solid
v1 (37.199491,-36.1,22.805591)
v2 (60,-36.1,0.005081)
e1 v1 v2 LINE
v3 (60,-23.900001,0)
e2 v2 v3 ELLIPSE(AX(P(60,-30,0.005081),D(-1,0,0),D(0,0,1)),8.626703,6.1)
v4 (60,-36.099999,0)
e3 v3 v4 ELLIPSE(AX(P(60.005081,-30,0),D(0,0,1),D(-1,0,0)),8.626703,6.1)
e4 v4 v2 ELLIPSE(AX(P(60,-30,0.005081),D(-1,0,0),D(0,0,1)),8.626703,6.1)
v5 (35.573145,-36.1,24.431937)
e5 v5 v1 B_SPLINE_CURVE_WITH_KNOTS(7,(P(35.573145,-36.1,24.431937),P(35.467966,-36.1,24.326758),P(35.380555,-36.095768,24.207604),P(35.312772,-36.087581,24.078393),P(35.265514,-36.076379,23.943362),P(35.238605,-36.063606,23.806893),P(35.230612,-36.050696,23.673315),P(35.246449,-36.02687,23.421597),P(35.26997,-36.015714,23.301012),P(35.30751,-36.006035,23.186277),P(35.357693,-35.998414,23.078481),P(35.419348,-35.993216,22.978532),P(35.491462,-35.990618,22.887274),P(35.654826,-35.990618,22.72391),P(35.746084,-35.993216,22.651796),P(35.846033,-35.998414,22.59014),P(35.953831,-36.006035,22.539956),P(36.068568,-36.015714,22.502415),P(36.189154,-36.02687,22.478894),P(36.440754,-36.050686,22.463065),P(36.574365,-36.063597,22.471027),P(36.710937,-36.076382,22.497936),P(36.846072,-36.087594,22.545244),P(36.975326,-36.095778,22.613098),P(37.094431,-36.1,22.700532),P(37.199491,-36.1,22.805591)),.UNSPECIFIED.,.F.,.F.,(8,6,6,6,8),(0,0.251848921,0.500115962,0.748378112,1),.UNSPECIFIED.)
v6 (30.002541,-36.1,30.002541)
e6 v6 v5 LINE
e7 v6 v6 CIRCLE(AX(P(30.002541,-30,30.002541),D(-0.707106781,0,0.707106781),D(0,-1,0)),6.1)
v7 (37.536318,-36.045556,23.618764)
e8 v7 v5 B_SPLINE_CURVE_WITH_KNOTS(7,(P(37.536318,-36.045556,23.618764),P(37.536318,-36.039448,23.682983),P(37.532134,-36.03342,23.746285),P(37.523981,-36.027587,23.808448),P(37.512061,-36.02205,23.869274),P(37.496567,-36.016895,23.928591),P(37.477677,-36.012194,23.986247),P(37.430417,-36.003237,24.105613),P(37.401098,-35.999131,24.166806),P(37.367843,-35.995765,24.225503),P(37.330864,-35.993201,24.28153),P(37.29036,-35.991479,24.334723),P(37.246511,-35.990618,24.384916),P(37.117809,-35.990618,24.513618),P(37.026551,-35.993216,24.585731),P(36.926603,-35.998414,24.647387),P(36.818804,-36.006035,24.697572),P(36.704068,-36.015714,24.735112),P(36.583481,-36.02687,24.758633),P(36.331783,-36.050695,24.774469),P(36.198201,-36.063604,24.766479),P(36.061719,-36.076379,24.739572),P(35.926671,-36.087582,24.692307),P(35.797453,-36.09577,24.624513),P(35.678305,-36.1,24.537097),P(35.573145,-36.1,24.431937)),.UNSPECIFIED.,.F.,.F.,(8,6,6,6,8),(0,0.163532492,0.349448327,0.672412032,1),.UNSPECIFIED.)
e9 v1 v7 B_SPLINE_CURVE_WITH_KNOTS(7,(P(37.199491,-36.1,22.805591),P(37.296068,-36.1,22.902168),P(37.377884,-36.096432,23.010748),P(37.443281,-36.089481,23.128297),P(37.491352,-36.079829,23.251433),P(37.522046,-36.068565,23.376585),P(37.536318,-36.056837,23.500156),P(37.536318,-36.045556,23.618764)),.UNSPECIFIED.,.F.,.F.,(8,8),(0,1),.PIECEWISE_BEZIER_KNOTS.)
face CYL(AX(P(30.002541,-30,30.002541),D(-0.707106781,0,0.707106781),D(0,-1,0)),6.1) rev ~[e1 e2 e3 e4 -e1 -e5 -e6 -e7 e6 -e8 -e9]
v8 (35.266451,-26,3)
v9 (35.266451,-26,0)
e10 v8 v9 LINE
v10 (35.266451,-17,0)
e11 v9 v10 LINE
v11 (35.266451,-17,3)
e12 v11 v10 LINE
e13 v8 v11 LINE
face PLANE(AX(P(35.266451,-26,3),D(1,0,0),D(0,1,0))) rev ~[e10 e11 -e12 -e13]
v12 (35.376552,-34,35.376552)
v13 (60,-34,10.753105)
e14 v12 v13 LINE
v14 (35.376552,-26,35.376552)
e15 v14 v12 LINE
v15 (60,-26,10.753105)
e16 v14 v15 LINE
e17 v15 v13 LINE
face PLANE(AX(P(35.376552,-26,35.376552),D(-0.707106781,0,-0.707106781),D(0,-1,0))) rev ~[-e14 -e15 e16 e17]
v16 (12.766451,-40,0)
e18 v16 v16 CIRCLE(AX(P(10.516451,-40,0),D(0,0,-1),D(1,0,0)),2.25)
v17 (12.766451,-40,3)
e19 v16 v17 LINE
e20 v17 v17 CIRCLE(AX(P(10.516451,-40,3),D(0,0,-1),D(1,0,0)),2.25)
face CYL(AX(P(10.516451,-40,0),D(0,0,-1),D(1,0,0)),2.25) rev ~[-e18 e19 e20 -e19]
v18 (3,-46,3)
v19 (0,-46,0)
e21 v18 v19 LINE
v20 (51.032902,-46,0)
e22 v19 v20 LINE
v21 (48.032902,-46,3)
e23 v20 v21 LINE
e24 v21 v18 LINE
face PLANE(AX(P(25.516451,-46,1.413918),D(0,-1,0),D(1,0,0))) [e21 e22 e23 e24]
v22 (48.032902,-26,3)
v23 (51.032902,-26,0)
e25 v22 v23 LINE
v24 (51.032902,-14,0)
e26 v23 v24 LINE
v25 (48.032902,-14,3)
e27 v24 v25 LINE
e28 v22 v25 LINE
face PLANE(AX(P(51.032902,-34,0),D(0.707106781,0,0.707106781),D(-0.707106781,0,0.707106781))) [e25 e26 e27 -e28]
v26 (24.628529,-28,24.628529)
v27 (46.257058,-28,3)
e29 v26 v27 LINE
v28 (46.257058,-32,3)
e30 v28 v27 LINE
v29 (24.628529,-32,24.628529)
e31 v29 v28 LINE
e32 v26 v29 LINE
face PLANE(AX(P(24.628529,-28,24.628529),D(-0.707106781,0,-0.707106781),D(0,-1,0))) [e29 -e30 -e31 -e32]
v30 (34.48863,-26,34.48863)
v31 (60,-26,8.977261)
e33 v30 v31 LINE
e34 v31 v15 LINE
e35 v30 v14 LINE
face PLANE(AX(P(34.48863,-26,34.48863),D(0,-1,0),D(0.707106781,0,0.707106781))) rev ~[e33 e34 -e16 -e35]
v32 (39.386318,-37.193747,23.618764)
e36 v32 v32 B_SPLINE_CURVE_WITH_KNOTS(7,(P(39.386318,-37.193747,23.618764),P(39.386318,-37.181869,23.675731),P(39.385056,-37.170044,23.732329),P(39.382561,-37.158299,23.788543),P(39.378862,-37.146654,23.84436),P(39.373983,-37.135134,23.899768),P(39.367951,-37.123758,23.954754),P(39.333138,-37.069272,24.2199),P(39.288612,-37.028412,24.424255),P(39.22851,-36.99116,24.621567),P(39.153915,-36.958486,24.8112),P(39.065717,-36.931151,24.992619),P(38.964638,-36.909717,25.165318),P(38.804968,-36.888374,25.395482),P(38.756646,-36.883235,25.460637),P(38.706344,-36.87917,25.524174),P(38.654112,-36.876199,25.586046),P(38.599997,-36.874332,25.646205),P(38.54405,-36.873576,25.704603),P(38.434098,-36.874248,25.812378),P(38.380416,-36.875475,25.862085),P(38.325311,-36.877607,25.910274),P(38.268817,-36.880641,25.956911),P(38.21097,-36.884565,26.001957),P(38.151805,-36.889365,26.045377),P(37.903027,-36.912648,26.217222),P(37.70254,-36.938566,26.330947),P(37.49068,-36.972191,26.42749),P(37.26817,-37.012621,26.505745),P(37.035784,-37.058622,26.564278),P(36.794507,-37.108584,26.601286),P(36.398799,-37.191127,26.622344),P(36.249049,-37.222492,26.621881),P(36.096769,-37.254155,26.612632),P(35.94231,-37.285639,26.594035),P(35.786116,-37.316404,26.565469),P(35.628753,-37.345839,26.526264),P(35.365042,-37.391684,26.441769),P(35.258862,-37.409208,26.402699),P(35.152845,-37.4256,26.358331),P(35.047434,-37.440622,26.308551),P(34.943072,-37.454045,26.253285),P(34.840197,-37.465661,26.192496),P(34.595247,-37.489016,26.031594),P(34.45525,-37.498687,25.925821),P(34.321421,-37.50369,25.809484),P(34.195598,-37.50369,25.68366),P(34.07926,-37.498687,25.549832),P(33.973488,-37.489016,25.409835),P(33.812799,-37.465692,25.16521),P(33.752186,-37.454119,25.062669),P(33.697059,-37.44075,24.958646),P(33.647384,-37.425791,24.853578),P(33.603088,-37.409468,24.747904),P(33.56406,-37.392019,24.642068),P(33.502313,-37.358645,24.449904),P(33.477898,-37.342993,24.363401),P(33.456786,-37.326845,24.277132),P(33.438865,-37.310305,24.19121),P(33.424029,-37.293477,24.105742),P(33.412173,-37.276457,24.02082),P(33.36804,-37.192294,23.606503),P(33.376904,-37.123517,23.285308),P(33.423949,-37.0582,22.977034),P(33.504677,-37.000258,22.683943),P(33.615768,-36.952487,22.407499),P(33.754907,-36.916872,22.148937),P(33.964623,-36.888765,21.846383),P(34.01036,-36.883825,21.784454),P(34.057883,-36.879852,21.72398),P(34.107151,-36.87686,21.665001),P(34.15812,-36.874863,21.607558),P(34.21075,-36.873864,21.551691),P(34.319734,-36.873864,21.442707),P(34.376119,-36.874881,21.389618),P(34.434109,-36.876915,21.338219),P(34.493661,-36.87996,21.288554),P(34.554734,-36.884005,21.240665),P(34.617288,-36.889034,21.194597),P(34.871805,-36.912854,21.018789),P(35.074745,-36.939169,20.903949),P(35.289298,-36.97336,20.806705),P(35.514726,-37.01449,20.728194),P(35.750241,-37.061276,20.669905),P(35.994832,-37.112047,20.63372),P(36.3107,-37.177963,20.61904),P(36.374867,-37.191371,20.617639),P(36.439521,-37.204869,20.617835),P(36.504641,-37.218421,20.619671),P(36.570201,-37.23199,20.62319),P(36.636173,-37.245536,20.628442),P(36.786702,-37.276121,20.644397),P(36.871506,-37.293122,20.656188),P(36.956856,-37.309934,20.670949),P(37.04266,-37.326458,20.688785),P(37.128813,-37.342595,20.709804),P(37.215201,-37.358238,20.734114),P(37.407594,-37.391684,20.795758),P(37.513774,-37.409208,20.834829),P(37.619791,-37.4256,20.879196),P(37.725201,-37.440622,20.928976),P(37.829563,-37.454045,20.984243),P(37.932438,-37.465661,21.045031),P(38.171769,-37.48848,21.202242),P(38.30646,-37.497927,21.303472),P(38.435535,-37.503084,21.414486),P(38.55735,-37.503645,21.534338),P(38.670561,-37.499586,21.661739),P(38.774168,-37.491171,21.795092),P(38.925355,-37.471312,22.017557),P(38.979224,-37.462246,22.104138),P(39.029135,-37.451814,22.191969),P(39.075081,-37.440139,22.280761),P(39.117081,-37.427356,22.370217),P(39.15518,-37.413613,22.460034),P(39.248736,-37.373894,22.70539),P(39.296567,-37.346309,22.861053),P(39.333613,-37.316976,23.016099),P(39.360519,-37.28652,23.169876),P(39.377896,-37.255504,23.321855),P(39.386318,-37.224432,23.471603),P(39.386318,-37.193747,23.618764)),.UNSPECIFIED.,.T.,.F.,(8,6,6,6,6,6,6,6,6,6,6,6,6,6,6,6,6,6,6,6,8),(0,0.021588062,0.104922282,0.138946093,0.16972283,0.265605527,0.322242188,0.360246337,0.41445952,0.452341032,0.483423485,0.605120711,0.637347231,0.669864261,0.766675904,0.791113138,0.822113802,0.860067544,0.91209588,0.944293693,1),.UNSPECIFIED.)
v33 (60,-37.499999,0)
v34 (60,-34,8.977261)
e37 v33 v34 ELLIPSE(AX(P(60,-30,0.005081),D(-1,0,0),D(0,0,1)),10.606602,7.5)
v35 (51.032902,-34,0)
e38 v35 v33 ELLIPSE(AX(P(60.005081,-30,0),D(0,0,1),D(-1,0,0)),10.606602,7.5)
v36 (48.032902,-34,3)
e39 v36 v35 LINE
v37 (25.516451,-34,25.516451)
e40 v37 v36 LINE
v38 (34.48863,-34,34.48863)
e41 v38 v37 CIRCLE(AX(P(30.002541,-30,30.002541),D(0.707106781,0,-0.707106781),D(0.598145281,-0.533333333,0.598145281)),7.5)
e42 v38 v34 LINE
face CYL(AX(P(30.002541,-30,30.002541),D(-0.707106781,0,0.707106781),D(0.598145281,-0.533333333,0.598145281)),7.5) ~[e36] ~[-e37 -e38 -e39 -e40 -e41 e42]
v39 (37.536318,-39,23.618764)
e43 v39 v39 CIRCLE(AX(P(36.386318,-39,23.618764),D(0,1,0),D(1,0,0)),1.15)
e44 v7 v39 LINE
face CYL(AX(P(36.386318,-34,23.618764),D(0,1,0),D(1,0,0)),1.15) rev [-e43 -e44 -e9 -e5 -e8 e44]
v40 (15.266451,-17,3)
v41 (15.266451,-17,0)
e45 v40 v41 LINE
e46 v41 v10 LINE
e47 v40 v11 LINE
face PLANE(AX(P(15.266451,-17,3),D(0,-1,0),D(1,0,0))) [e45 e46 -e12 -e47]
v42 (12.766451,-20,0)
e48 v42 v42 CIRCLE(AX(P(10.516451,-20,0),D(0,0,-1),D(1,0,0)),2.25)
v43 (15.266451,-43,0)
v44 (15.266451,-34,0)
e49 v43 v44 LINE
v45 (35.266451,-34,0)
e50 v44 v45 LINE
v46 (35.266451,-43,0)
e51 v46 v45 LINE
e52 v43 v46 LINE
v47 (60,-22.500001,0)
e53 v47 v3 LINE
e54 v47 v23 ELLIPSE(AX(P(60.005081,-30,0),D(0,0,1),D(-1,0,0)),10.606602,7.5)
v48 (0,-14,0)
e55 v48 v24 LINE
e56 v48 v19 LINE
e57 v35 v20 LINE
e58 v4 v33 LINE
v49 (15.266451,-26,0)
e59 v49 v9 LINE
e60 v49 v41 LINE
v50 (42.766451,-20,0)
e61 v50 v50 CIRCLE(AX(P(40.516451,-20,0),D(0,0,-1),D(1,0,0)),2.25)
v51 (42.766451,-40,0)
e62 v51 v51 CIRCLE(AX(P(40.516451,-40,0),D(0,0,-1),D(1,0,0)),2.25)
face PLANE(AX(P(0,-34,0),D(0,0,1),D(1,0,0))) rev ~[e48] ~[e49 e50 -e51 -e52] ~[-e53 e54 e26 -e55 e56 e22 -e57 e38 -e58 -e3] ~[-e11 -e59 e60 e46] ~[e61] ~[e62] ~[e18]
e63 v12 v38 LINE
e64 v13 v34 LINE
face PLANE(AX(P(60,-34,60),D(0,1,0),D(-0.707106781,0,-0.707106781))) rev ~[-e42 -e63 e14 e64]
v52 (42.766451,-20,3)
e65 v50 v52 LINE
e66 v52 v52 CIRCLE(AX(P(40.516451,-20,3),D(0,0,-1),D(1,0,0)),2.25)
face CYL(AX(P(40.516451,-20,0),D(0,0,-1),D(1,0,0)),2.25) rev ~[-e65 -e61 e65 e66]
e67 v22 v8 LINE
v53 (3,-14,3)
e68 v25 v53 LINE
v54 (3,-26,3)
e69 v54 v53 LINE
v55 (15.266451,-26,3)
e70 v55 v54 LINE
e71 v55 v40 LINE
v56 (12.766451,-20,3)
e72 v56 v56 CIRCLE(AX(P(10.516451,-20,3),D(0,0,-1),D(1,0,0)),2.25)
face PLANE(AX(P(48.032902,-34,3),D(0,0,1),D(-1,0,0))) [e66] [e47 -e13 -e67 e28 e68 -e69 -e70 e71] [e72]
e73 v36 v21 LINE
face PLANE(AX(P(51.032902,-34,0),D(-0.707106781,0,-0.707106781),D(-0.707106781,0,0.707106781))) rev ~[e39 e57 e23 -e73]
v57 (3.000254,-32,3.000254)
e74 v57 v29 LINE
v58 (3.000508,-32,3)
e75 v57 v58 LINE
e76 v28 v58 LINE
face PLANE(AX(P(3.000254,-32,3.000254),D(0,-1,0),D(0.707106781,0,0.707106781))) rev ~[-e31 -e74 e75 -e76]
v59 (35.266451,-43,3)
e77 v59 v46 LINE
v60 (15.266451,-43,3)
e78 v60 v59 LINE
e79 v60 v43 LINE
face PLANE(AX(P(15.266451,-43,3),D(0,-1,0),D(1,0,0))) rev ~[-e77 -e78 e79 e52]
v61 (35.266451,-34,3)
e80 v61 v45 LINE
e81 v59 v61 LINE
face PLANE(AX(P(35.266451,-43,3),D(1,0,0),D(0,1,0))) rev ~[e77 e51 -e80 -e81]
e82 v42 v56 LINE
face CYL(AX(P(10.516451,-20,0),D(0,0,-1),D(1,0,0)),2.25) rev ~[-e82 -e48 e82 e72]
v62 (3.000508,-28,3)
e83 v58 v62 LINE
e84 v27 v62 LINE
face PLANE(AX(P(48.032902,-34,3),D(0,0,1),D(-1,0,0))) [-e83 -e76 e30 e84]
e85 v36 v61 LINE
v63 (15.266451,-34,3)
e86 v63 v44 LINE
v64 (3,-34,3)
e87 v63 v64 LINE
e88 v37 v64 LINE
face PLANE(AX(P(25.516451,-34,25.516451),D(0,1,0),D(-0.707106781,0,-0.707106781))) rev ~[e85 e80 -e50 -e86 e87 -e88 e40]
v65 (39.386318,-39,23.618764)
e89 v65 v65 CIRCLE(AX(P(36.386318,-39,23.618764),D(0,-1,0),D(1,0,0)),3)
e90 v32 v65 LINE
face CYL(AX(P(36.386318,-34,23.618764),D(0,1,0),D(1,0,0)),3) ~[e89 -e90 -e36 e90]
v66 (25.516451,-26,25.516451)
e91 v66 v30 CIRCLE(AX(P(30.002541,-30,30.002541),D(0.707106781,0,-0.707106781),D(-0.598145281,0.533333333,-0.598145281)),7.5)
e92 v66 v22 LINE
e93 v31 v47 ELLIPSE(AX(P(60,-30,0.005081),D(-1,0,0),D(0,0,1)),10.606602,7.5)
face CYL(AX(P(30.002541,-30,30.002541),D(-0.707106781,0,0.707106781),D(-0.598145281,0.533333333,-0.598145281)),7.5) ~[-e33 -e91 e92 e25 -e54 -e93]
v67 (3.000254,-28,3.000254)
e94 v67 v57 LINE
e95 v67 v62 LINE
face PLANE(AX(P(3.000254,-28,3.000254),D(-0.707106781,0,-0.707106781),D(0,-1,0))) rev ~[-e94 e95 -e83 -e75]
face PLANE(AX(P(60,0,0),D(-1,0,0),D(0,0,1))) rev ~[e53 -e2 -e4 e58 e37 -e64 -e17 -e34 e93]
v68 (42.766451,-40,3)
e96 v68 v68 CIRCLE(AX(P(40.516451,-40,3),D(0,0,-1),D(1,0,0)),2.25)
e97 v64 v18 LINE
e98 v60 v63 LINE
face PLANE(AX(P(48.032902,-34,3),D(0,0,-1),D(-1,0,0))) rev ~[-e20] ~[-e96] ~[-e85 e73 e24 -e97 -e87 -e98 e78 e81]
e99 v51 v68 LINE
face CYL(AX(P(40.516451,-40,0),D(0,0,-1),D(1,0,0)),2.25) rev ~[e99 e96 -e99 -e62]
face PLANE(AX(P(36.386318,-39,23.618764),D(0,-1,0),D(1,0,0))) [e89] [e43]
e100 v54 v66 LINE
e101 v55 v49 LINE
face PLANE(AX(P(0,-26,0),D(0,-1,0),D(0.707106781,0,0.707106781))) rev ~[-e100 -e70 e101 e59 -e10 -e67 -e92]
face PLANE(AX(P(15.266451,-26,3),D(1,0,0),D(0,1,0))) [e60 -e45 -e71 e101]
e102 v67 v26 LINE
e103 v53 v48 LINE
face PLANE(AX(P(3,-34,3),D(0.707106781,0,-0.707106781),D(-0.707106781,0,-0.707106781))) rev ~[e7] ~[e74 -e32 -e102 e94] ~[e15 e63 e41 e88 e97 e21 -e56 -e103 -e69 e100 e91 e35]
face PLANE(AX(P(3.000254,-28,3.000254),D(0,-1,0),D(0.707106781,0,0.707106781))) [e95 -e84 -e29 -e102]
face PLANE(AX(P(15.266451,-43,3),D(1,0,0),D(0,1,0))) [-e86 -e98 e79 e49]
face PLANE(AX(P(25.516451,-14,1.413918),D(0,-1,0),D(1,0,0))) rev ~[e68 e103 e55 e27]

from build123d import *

# Parameters (mm, degrees)
F1_DEPTH  = 60
F3_DEPTH  = 42.4274068712
F4_R      = 3
F5_DEPTH  = 5
F6_R      = 6.1
F7_DEPTH  = 42.4274068712
F8_W      = 4
F8_H      = 30.587
F8_W_2    = 8
F8_H_2    = 34.8228137424
F9_DEPTH  = 34.831
F11_DEPTH = 12
F12_DEPTH = 20
F13_R     = 2.25
F14_DEPTH = 3
F15_W     = 20
F15_H     = 9
F16_DEPTH = 3
F17_R     = 1.15
F18_DEPTH = 25


with BuildPart() as f1:
    # F0 (on Front) → F1 (new body)
    with BuildSketch(Plane.XZ):
        Polygon((60, 60), (0, 0), (60, 0), align=None)
    extrude(amount=F1_DEPTH)

    # F2 (on face) → F3 (cut, through all)
    with BuildSketch(Plane(origin=(0, 0, 0), x_dir=(0, -1, 0), z_dir=(-0.7071067812, 0, 0.7071067812))):
        with BuildLine():
            Line((0, 84.8528137424), (0, 0))
            Line((0, 0), (26, 0))
            Line((26, 0), (26, 36.0857112298))
            ThreePointArc((26, 36.0857112298), (22.5, 42.43), (26, 48.7742887702))
            Line((26, 48.7742887702), (26, 84.8528137424))
            Line((26, 84.8528137424), (0, 84.8528137424))
        make_face()
        with BuildLine():
            Line((34, 84.8528137424), (34, 48.7742887702))
            ThreePointArc((34, 48.7742887702), (37.5, 42.43), (34, 36.0857112298))
            Line((34, 36.0857112298), (34, 0))
            Line((34, 0), (60, 0))
            Line((60, 0), (60, 84.8528137424))
            Line((60, 84.8528137424), (34, 84.8528137424))
        make_face()
    extrude(amount=-F3_DEPTH, mode=Mode.SUBTRACT)

    # F4 (on face) → F5 (join)
    with BuildSketch(Plane.XZ.offset(34)):
        with Locations((36.3863177288, 23.6187637227)):
            Circle(F4_R)
    extrude(amount=F5_DEPTH)

    # F6 (on face) → F7 (cut, through all)
    with BuildSketch(Plane(origin=(0, 0, 0), x_dir=(0, -1, 0), z_dir=(-0.7071067812, 0, 0.7071067812))):
        with Locations((30, 42.43)):
            Circle(F6_R)
    extrude(amount=-F7_DEPTH, mode=Mode.SUBTRACT)

    # F8 (on face) → F9 (cut, through all)
    with BuildSketch(Plane(origin=(0, 0, 0), x_dir=(0, -1, 0), z_dir=(-0.7071067812, 0, 0.7071067812))):
        with Locations((30, 19.5365)):
            Rectangle(F8_W, F8_H)
        with Locations((30, 67.4414068712)):
            Rectangle(F8_W_2, F8_H_2)
    extrude(amount=-F9_DEPTH, mode=Mode.SUBTRACT)

    # F10 (on face) → F11 (join)
    with BuildSketch(Plane.XZ.offset(34)):
        Polygon((3, 3), (0, 0), (51.032902229, 0), (48.032902229, 3), align=None)
    extrude(amount=F11_DEPTH)

    # F10 (on face) → F12 (join)
    with BuildSketch(Plane.XZ.offset(34)):
        Polygon((3, 3), (0, 0), (51.032902229, 0), (48.032902229, 3), align=None)
    extrude(amount=-F12_DEPTH)

    # F13 (on face) → F14 (cut, through all)
    with BuildSketch(Plane(origin=(0, 0, 0), x_dir=(1, 0, 0), z_dir=(0, 0, -1))):
        with Locations((10.5164511145, 40)):
            Circle(F13_R)
        with Locations((40.5164511145, 40)):
            Circle(F13_R)
        with Locations((40.5164511145, 20)):
            Circle(F13_R)
        with Locations((10.5164511145, 20)):
            Circle(F13_R)
    extrude(amount=-F14_DEPTH, mode=Mode.SUBTRACT)

    # F15 (on face) → F16 (cut, through all)
    with BuildSketch(Plane.XY.offset(3)):
        with Locations((25.2664511145, -21.5)):
            Rectangle(F15_W, F15_H)
        with Locations((25.2664511145, -38.5)):
            Rectangle(F15_W, F15_H)
    extrude(amount=-F16_DEPTH, mode=Mode.SUBTRACT)

    # F17 (on face) → F18 (cut)
    with BuildSketch(Plane.XZ.offset(34)):
        with Locations((36.3863177288, 23.6187637227)):
            Circle(F17_R)
    extrude(amount=F18_DEPTH, mode=Mode.SUBTRACT)


solid = f1.part
